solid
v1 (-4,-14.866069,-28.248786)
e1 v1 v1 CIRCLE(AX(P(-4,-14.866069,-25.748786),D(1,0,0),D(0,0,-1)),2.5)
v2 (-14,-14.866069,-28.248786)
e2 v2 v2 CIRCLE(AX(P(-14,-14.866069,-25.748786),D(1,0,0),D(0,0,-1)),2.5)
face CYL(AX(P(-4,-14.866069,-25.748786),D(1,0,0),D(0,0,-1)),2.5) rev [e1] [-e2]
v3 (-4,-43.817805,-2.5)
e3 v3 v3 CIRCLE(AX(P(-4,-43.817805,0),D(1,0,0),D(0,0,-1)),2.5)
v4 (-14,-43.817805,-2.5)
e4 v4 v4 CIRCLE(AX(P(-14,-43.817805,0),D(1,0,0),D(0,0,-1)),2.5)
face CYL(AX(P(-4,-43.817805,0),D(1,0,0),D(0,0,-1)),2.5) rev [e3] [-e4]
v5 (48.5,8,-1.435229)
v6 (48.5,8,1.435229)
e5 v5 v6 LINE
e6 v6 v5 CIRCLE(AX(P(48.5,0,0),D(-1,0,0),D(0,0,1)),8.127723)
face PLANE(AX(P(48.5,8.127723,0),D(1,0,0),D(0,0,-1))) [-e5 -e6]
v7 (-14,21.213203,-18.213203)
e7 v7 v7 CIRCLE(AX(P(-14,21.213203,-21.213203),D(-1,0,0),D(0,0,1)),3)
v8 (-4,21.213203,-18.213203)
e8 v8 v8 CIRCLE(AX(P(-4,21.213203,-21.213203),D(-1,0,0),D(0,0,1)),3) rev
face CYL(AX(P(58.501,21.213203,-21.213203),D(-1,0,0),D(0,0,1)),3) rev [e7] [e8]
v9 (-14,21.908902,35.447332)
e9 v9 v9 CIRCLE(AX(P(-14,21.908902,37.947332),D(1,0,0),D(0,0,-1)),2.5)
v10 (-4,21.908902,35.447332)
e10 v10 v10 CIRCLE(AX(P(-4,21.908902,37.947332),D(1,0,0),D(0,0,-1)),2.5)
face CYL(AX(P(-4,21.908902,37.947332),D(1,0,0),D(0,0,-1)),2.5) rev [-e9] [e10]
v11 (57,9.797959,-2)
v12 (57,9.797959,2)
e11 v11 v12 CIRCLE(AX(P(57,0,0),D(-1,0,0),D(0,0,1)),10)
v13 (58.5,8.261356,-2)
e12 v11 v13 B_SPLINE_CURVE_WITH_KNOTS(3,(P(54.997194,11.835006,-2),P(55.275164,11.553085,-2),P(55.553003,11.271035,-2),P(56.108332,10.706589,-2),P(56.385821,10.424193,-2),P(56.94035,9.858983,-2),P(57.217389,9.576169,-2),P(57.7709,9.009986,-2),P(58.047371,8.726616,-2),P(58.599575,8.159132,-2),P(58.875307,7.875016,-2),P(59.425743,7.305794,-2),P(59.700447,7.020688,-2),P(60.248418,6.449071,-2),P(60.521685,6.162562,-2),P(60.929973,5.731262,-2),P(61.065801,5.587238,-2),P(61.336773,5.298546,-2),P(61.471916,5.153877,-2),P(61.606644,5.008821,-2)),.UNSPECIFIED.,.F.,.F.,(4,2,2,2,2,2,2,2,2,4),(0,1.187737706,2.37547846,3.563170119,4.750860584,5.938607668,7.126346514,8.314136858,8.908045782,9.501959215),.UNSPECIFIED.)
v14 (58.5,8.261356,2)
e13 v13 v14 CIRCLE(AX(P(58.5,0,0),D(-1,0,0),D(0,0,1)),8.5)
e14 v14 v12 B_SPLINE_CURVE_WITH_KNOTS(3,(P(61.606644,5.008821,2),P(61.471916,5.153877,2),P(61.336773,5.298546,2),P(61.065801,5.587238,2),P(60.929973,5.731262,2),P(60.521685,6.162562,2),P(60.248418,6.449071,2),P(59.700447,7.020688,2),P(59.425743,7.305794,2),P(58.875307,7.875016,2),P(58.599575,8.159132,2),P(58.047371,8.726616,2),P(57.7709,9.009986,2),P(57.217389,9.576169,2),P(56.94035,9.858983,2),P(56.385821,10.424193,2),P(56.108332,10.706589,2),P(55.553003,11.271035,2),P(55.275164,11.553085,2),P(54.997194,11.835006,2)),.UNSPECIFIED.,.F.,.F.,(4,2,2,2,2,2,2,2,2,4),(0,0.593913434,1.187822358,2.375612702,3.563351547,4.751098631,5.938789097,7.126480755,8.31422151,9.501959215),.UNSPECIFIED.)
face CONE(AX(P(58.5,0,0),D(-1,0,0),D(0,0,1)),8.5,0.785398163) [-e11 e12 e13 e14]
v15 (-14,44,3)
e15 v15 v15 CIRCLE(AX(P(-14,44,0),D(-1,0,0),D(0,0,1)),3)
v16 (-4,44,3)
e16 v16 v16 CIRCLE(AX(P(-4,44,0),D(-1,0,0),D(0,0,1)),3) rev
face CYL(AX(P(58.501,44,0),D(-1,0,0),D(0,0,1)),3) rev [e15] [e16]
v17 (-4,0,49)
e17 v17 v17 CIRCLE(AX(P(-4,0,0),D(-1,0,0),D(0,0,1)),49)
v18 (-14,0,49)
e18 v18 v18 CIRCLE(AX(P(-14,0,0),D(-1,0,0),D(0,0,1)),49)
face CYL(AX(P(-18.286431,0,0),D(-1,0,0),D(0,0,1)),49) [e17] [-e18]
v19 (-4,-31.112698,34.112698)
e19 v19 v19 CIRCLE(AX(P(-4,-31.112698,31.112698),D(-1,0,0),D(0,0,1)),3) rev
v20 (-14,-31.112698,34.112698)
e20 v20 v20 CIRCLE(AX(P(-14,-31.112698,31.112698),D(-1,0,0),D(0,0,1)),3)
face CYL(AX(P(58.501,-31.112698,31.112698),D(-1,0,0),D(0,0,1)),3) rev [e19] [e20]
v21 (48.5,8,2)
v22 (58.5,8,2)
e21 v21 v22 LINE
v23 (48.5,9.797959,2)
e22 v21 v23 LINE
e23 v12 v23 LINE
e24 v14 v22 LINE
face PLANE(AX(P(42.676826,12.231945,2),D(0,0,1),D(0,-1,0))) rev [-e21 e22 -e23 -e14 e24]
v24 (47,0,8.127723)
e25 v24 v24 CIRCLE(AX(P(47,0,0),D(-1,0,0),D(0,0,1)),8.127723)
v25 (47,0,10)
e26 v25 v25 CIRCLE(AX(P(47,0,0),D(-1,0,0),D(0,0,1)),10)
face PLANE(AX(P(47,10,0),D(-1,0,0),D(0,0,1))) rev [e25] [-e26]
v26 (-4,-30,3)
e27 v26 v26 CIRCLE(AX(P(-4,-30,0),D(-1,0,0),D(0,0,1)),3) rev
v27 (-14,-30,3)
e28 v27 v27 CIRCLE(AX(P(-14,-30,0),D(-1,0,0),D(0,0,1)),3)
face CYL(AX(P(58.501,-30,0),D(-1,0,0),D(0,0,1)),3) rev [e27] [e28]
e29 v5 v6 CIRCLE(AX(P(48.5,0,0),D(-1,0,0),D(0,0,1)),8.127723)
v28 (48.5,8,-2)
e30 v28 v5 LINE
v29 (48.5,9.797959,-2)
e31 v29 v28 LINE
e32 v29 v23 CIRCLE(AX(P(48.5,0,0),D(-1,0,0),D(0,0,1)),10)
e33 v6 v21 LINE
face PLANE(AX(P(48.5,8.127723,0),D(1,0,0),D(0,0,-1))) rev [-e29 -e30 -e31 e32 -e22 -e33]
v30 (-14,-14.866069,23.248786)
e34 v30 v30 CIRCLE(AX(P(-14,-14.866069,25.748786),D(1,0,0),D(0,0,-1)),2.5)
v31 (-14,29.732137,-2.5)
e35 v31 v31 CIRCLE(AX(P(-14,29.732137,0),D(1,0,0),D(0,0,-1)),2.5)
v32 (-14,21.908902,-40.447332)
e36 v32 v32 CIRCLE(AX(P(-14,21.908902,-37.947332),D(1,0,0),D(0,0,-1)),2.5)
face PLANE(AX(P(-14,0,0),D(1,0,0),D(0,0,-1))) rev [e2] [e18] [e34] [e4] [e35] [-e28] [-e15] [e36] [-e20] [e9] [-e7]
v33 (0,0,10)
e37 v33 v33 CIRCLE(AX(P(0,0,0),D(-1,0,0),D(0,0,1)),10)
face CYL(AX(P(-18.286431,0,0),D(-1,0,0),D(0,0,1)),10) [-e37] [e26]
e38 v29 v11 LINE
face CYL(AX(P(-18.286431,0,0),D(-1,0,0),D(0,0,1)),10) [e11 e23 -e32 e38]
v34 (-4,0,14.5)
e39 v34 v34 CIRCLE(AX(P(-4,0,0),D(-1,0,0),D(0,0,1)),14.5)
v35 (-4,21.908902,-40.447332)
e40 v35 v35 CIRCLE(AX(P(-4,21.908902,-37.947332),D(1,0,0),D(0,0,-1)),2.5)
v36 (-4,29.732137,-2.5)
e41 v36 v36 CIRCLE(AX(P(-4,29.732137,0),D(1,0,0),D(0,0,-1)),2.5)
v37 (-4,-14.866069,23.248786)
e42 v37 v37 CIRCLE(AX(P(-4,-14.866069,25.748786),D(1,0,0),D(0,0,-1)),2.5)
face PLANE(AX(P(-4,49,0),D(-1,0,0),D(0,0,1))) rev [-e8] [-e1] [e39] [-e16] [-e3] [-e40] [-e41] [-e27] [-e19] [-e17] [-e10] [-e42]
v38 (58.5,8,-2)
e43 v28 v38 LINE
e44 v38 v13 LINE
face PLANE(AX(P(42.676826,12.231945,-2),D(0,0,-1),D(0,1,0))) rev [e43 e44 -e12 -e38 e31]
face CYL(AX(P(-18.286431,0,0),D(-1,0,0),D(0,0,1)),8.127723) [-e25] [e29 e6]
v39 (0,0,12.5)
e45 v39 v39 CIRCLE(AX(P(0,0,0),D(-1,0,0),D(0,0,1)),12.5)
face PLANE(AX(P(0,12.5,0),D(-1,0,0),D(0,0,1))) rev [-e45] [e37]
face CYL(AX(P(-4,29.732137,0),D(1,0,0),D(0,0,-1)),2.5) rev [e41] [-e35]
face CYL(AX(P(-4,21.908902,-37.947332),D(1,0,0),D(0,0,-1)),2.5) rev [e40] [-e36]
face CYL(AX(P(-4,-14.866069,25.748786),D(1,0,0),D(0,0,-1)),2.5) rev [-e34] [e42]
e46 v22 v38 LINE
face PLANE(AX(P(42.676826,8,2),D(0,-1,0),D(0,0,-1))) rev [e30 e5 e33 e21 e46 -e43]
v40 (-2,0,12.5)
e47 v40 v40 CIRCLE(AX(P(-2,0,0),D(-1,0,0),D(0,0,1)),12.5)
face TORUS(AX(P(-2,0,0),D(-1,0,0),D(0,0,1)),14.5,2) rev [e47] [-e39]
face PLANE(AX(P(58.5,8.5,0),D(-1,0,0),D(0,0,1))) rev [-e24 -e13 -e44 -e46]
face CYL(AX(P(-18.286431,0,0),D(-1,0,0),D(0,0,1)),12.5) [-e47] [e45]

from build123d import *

# Parameters (mm, degrees)
ENL_V_MAT_EXTRU_1_REACH      = 102.291
ESQUISSE2_R                  = 3
TROU_TARAUD_M61_D            = 5
R_P_TITION_CIRCULAIRE1_COUNT = 3
ENL_V_MAT_EXTRU_4_REACH      = 102.291
ESQUISSE4_W                  = 4
ESQUISSE4_H                  = 4.231945228


with BuildPart() as part:
    # Esquisse1 → Révolution1 (revolve)
    with BuildSketch(Plane.XY, mode=Mode.PRIVATE) as r_volution1_sk:
        with BuildLine():
            Line((-14, 0), (-14, 49))
            Line((-14, 49), (-4, 49))
            Line((-4, 49), (-4, 14.5))
            ThreePointArc((-4, 14.5), (-3.414213562, 13.085786438), (-2, 12.5))
            Line((-2, 12.5), (0, 12.5))
            Line((0, 12.5), (0, 10))
            Line((0, 10), (47, 10))
            Line((47, 10), (47, 8.12772302))
            Line((47, 8.12772302), (48.5, 8.12772302))
            Line((48.5, 8.12772302), (48.5, 10))
            Line((48.5, 10), (57, 10))
            Line((57, 10), (58.5, 8.5))
            Line((58.5, 8.5), (58.5, 0))
            Line((58.5, 0), (-14, 0))
        make_face()
    revolve(r_volution1_sk.sketch.rotate(Axis((-18.286431075, 0, 0), (1, 0, 0)), 90), axis=Axis((-18.286431075, 0, 0), (1, 0, 0)))

    # Esquisse2 → Enlèv. mat.-Extru.1 (cut, up to next)
    with BuildSketch(Plane.ZY.offset(14), mode=Mode.PRIVATE) as enl_v_mat_extru_1_sk1:
        with Locations((0, -30)):
            Circle(ESQUISSE2_R)
    enl_v_mat_extru_1_tool1 = extrude(enl_v_mat_extru_1_sk1.sketch, amount=-ENL_V_MAT_EXTRU_1_REACH, mode=Mode.PRIVATE) & part.part
    # Esquisse2 → Enlèv. mat.-Extru.1 (cut, up to next)
    with BuildSketch(Plane.ZY.offset(14), mode=Mode.PRIVATE) as enl_v_mat_extru_1_sk2:
        with Locations((-21.213203436, 21.213203436)):
            Circle(ESQUISSE2_R)
    enl_v_mat_extru_1_tool2 = extrude(enl_v_mat_extru_1_sk2.sketch, amount=-ENL_V_MAT_EXTRU_1_REACH, mode=Mode.PRIVATE) & part.part
    # Esquisse2 → Enlèv. mat.-Extru.1 (cut, up to next)
    with BuildSketch(Plane.ZY.offset(14), mode=Mode.PRIVATE) as enl_v_mat_extru_1_sk3:
        with Locations((0, 44)):
            Circle(ESQUISSE2_R)
    enl_v_mat_extru_1_tool3 = extrude(enl_v_mat_extru_1_sk3.sketch, amount=-ENL_V_MAT_EXTRU_1_REACH, mode=Mode.PRIVATE) & part.part
    # Esquisse2 → Enlèv. mat.-Extru.1 (cut, up to next)
    with BuildSketch(Plane.ZY.offset(14), mode=Mode.PRIVATE) as enl_v_mat_extru_1_sk4:
        with Locations((31.112698372, -31.112698372)):
            Circle(ESQUISSE2_R)
    enl_v_mat_extru_1_tool4 = extrude(enl_v_mat_extru_1_sk4.sketch, amount=-ENL_V_MAT_EXTRU_1_REACH, mode=Mode.PRIVATE) & part.part
    add(enl_v_mat_extru_1_tool1.solids().sort_by_distance((-14, -30, 0))[0], mode=Mode.SUBTRACT)
    add(enl_v_mat_extru_1_tool2.solids().sort_by_distance((-14, 21.213203, -21.213203))[0], mode=Mode.SUBTRACT)
    add(enl_v_mat_extru_1_tool3.solids().sort_by_distance((-14, 44, 0))[0], mode=Mode.SUBTRACT)
    add(enl_v_mat_extru_1_tool4.solids().sort_by_distance((-14, -31.112698, 31.112698))[0], mode=Mode.SUBTRACT)

    # Trou taraudé M61 (through all)
    with Locations(Plane(origin=(-4, 29.732137495, 0), x_dir=(0, 0, 1), z_dir=(1, 0, 0))):
        with Locations((0, 0), (0, 73.549942095)):
            trou_taraud_m61 = Hole(TROU_TARAUD_M61_D / 2)

    # Répétition circulaire1: Trou taraudé M61 ×3 about axis
    r_p_tition_circulaire1_axis = Axis((0, 0, 0), (1, 0, 0))
    for i in range(1, R_P_TITION_CIRCULAIRE1_COUNT):
        add(trou_taraud_m61.rotate(r_p_tition_circulaire1_axis, i * 360 / R_P_TITION_CIRCULAIRE1_COUNT), mode=Mode.SUBTRACT)

    # Enlèv. mat.-Extru.4: up to this face of the body (flat: up to its plane)
    enl_v_mat_extru_4_end = Plane(part.part.faces().sort_by_distance((48.5, 0, -8.410565733))[0])
    # Esquisse4 → Enlèv. mat.-Extru.4 (cut, up to the picked face)
    with BuildSketch(Plane(origin=(58.5, 0, 0), x_dir=(0, 0, -1), z_dir=(1, 0, 0)), mode=Mode.PRIVATE) as enl_v_mat_extru_4_sk1:
        with Locations((0, 10.115972614)):
            Rectangle(ESQUISSE4_W, ESQUISSE4_H)
    enl_v_mat_extru_4_tool1 = split(extrude(enl_v_mat_extru_4_sk1.sketch, amount=-ENL_V_MAT_EXTRU_4_REACH, mode=Mode.PRIVATE), bisect_by=enl_v_mat_extru_4_end, keep=Keep.BOTH, mode=Mode.PRIVATE)
    add(enl_v_mat_extru_4_tool1.solids().sort_by(Axis((58.5, 10.115973, 0), (-1, 0, 0)))[0], mode=Mode.SUBTRACT)


solid = part.part
